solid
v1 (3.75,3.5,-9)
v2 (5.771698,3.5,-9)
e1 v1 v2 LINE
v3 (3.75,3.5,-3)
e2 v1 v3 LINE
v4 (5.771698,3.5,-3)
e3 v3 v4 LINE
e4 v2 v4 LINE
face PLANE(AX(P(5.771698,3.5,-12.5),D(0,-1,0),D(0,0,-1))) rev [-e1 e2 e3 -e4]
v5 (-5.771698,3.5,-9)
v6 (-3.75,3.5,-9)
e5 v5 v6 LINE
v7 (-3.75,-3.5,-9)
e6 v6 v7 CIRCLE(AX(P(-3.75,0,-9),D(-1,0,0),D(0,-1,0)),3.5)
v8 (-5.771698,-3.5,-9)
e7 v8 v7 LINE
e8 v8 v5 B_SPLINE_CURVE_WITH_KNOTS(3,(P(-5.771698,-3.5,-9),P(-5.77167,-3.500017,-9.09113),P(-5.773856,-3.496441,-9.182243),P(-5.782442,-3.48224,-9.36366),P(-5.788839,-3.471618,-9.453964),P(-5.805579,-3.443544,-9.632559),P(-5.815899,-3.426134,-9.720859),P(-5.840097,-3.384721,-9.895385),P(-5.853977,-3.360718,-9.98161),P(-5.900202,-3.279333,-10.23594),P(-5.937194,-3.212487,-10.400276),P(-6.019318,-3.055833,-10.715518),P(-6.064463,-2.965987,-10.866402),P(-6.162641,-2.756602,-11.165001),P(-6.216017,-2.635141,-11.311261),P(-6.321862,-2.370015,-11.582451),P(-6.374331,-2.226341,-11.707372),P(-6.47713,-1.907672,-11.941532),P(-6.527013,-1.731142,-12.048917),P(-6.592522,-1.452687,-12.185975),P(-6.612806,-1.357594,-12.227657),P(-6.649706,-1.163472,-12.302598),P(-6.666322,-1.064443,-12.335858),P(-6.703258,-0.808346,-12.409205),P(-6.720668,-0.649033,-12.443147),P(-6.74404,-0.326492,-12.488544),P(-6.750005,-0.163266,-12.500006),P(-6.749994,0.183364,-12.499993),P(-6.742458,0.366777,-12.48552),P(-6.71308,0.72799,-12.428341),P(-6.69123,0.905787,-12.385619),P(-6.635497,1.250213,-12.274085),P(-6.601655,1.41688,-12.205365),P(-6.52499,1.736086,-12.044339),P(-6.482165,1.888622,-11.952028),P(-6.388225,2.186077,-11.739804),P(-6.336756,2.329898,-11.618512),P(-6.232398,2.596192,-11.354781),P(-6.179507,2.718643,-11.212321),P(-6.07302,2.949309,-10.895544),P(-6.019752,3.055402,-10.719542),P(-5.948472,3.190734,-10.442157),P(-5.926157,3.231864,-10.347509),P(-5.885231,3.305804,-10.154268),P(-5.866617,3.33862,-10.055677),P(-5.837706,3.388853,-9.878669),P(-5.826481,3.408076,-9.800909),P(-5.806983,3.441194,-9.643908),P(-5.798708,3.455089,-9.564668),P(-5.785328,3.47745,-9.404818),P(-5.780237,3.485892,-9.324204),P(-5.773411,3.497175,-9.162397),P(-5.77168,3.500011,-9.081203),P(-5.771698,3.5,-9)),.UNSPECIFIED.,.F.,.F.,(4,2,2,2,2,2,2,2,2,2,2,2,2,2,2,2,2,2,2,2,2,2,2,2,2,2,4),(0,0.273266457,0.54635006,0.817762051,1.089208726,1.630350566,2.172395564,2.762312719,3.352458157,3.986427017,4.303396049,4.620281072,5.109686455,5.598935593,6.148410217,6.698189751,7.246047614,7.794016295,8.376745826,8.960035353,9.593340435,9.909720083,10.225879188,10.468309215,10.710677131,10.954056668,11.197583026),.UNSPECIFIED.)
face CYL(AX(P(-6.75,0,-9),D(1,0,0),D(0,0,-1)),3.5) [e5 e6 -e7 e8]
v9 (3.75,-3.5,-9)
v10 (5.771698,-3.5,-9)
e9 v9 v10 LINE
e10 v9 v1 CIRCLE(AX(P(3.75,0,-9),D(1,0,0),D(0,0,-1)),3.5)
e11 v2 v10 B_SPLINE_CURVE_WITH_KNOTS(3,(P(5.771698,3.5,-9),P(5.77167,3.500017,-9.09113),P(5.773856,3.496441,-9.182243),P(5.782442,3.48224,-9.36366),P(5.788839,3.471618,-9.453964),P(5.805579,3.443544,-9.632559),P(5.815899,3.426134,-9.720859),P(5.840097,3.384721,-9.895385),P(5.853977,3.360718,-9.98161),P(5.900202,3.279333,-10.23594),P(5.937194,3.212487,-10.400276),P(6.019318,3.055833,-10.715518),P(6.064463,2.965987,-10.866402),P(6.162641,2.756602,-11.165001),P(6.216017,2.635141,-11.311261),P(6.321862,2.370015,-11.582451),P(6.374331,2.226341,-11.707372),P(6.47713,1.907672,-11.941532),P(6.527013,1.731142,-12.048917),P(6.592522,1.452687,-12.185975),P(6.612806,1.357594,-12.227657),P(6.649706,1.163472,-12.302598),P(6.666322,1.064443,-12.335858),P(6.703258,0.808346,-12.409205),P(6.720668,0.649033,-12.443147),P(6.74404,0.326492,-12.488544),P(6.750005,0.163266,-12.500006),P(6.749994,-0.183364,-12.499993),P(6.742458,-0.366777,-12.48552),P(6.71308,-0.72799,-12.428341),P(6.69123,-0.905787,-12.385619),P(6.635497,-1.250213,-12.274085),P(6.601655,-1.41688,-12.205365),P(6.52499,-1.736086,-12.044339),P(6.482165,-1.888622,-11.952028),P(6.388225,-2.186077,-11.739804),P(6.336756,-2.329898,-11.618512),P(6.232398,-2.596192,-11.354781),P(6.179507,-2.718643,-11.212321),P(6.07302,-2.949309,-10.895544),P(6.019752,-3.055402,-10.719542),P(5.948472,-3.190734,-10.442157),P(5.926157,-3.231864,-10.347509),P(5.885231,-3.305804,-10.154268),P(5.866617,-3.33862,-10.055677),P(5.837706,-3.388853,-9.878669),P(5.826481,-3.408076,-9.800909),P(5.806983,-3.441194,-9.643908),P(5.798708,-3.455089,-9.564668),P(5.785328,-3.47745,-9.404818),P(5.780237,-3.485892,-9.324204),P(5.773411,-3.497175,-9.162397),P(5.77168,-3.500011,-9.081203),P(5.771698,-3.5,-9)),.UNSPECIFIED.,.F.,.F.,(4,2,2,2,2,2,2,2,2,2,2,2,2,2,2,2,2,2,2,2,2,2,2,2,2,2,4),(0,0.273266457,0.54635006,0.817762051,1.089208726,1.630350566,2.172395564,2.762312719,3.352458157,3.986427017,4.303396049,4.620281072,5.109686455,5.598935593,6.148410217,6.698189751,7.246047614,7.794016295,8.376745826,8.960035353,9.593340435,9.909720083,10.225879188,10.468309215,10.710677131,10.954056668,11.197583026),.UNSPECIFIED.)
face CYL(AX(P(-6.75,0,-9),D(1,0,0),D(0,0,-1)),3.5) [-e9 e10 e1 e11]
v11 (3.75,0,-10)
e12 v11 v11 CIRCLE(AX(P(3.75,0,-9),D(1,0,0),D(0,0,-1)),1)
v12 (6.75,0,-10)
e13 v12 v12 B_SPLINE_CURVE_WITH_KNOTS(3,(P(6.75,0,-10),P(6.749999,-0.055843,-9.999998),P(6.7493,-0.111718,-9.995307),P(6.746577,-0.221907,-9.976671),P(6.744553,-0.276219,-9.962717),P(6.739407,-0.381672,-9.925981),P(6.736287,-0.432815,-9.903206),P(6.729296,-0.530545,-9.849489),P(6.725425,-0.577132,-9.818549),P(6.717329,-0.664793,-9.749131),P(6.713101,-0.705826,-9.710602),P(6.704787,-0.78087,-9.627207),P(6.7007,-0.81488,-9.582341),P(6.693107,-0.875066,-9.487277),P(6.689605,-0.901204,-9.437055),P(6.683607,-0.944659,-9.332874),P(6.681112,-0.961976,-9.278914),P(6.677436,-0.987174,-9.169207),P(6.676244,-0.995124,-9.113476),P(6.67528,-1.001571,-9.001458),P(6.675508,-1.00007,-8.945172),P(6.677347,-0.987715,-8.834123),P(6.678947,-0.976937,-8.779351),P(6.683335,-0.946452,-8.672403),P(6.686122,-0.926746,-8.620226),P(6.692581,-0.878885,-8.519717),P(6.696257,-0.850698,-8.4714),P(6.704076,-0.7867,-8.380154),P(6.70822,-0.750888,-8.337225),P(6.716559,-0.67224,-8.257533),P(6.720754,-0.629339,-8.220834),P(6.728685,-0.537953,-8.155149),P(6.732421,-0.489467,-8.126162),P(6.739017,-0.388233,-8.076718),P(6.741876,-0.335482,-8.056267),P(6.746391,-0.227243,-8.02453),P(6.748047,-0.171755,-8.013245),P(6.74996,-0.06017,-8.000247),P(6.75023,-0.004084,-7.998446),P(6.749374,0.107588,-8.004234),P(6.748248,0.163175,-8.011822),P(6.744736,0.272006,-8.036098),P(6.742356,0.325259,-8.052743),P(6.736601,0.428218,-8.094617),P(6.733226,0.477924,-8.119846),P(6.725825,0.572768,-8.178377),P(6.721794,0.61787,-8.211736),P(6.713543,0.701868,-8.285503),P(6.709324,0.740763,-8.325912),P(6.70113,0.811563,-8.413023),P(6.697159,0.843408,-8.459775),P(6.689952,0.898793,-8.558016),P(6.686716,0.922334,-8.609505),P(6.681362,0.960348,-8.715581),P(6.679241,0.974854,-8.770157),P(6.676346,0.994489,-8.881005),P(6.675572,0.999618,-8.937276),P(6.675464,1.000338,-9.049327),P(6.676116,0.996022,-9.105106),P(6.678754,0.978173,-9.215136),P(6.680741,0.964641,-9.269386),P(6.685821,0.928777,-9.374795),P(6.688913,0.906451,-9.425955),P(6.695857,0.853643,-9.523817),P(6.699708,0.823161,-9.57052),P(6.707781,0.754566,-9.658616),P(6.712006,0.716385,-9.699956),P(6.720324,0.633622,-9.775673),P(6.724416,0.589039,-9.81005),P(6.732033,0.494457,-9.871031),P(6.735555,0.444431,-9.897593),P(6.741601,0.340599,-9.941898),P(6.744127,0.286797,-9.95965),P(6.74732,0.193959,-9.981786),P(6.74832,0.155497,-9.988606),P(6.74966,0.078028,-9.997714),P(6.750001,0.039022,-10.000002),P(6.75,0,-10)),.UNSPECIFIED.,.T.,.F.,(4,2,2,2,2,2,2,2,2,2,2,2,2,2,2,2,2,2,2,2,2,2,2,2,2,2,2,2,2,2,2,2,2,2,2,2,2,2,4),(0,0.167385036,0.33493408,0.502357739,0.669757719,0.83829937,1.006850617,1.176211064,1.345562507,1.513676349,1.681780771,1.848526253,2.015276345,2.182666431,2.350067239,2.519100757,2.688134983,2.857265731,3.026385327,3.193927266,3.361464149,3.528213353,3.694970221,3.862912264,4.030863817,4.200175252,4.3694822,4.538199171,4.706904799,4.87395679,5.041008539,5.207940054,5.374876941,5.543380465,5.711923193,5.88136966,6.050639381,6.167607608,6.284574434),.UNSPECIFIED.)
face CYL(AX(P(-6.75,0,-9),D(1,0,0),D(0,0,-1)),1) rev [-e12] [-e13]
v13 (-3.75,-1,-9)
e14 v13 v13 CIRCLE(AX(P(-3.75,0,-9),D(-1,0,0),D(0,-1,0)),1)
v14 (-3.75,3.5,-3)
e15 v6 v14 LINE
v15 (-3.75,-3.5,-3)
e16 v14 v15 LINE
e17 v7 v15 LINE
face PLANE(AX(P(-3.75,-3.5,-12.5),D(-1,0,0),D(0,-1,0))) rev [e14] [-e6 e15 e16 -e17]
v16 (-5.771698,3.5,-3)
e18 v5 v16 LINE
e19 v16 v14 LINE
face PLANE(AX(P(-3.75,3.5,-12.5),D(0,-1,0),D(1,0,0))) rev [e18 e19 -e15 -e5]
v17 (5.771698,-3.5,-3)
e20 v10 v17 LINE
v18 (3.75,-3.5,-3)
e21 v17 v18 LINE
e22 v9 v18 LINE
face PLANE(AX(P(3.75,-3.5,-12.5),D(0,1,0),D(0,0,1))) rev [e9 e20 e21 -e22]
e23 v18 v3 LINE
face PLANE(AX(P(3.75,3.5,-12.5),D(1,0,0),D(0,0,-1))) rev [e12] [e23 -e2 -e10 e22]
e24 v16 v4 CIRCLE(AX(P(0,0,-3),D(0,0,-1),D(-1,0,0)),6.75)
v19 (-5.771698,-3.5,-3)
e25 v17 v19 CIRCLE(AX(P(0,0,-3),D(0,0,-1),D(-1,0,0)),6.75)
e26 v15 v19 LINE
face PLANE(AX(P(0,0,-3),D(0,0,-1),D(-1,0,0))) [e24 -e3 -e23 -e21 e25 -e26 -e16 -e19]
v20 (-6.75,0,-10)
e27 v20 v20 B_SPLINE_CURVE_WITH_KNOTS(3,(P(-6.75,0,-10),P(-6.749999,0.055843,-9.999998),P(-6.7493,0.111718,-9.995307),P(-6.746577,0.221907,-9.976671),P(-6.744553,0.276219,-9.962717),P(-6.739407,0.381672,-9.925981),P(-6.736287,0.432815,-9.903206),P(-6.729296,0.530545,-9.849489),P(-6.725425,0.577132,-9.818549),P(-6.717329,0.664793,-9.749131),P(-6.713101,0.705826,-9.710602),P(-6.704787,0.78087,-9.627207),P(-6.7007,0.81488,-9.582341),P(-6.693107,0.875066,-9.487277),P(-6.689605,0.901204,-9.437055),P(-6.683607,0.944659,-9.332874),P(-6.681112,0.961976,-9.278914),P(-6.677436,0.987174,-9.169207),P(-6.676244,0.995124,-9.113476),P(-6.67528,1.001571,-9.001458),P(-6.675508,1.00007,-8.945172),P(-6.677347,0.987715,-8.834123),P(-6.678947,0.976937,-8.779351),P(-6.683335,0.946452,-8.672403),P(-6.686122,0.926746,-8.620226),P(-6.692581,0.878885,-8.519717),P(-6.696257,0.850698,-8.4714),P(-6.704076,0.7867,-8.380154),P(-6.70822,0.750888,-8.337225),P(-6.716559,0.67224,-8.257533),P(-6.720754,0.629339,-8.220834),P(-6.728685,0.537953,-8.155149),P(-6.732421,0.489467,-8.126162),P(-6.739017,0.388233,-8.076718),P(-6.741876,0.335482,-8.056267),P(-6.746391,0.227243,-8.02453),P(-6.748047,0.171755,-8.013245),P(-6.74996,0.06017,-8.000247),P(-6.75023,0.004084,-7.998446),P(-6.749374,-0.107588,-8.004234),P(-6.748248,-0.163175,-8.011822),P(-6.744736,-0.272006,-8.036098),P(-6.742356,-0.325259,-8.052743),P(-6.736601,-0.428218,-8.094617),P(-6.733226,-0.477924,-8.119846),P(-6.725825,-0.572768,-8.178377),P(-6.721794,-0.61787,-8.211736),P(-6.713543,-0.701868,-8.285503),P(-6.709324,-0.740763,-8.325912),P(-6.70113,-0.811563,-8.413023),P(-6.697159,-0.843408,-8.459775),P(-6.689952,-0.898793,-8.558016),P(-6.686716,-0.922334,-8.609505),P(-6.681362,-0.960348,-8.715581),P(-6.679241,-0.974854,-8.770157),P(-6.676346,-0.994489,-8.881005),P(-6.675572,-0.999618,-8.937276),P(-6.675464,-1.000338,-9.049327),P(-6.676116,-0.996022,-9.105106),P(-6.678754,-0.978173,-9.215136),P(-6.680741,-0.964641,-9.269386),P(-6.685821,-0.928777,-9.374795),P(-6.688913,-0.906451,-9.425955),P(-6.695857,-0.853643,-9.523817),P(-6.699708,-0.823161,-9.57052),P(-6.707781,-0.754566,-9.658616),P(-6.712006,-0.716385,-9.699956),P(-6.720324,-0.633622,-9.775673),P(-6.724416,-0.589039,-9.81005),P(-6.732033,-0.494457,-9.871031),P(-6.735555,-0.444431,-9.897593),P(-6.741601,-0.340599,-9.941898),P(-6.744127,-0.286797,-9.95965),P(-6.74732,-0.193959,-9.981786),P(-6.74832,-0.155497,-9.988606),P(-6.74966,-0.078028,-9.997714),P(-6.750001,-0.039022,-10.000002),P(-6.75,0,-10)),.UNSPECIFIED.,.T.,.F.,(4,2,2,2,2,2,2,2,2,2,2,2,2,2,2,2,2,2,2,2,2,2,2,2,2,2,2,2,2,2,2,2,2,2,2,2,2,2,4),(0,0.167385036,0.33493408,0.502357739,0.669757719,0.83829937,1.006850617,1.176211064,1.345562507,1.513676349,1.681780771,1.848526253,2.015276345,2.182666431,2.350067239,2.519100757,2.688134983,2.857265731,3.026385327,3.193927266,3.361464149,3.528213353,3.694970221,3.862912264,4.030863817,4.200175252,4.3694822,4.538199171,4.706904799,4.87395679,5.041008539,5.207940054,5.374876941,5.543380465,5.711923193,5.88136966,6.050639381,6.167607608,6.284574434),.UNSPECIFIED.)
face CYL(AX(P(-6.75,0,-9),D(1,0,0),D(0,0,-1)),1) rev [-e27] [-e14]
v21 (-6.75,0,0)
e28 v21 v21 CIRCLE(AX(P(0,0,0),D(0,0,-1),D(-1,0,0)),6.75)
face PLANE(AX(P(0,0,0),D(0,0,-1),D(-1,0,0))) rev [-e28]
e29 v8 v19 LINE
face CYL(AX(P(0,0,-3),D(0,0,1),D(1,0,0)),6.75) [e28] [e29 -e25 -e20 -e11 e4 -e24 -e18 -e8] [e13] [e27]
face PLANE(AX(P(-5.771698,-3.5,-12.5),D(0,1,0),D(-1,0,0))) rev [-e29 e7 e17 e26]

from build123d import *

# Parameters (mm, degrees)
SKETCH2_R                = 6.75
U_JOINT_BASE_DEPTH       = 3
U_JOINT_STANDUPS_DEPTH   = 9.5
STANDUP_ROUND_DEPTH      = 7.75
STANDUP_ROUND_DEPTH_BACK = 7.75
SKETCH5_R                = 1
BALL_HOLES_DEPTH         = 7.75
BALL_HOLES_DEPTH_BACK    = 7.75


with BuildPart() as part:
    # Sketch2 → U Joint Base (new body)
    with BuildSketch(Plane(origin=(0, 0, 0), x_dir=(-1, 0, 0), z_dir=(0, 0, -1))):
        Circle(SKETCH2_R)
    extrude(amount=U_JOINT_BASE_DEPTH)

    # Sketch3 → U Joint Standups (add)
    with BuildSketch(Plane(origin=(0, 0, -3), x_dir=(-1, 0, 0), z_dir=(0, 0, -1))):
        with BuildLine():
            Line((-5.771698, 3.5), (-3.75, 3.5))
            Line((-3.75, 3.5), (-3.75, -3.5))
            Line((-3.75, -3.5), (-5.771698, -3.5))
            ThreePointArc((-5.771698, -3.5), (-6.75, 0), (-5.771698, 3.5))
        make_face()
        with BuildLine():
            Line((3.75, -3.5), (3.75, 3.5))
            Line((3.75, 3.5), (5.771698, 3.5))
            ThreePointArc((5.771698, 3.5), (6.75, 0), (5.771698, -3.5))
            Line((5.771698, -3.5), (3.75, -3.5))
        make_face()
    extrude(amount=U_JOINT_STANDUPS_DEPTH)

    # Sketch4 → Standup Round (cut, two sides)
    with BuildSketch(Plane(origin=(0, 0, 0), x_dir=(0, 0, -1), z_dir=(1, 0, 0))) as standup_round_sk:
        with BuildLine():
            ThreePointArc((9, -3.5), (11.474874, -2.474874), (12.5, 0))
            Line((12.5, 0), (12.5, -3.5))
            Line((12.5, -3.5), (9, -3.5))
        make_face()
        with BuildLine():
            ThreePointArc((12.5, 0), (11.474874, 2.474874), (9, 3.5))
            Line((9, 3.5), (12.5, 3.5))
            Line((12.5, 3.5), (12.5, 0))
        make_face()
    extrude(amount=STANDUP_ROUND_DEPTH, mode=Mode.SUBTRACT)
    extrude(standup_round_sk.sketch, amount=-STANDUP_ROUND_DEPTH_BACK, mode=Mode.SUBTRACT)

    # Sketch5 → Ball Holes (cut, two sides)
    with BuildSketch(Plane(origin=(0, 0, 0), x_dir=(0, 0, -1), z_dir=(1, 0, 0))) as ball_holes_sk:
        with Locations((9, 0)):
            Circle(SKETCH5_R)
    extrude(amount=BALL_HOLES_DEPTH, mode=Mode.SUBTRACT)
    extrude(ball_holes_sk.sketch, amount=-BALL_HOLES_DEPTH_BACK, mode=Mode.SUBTRACT)


solid = part.part
